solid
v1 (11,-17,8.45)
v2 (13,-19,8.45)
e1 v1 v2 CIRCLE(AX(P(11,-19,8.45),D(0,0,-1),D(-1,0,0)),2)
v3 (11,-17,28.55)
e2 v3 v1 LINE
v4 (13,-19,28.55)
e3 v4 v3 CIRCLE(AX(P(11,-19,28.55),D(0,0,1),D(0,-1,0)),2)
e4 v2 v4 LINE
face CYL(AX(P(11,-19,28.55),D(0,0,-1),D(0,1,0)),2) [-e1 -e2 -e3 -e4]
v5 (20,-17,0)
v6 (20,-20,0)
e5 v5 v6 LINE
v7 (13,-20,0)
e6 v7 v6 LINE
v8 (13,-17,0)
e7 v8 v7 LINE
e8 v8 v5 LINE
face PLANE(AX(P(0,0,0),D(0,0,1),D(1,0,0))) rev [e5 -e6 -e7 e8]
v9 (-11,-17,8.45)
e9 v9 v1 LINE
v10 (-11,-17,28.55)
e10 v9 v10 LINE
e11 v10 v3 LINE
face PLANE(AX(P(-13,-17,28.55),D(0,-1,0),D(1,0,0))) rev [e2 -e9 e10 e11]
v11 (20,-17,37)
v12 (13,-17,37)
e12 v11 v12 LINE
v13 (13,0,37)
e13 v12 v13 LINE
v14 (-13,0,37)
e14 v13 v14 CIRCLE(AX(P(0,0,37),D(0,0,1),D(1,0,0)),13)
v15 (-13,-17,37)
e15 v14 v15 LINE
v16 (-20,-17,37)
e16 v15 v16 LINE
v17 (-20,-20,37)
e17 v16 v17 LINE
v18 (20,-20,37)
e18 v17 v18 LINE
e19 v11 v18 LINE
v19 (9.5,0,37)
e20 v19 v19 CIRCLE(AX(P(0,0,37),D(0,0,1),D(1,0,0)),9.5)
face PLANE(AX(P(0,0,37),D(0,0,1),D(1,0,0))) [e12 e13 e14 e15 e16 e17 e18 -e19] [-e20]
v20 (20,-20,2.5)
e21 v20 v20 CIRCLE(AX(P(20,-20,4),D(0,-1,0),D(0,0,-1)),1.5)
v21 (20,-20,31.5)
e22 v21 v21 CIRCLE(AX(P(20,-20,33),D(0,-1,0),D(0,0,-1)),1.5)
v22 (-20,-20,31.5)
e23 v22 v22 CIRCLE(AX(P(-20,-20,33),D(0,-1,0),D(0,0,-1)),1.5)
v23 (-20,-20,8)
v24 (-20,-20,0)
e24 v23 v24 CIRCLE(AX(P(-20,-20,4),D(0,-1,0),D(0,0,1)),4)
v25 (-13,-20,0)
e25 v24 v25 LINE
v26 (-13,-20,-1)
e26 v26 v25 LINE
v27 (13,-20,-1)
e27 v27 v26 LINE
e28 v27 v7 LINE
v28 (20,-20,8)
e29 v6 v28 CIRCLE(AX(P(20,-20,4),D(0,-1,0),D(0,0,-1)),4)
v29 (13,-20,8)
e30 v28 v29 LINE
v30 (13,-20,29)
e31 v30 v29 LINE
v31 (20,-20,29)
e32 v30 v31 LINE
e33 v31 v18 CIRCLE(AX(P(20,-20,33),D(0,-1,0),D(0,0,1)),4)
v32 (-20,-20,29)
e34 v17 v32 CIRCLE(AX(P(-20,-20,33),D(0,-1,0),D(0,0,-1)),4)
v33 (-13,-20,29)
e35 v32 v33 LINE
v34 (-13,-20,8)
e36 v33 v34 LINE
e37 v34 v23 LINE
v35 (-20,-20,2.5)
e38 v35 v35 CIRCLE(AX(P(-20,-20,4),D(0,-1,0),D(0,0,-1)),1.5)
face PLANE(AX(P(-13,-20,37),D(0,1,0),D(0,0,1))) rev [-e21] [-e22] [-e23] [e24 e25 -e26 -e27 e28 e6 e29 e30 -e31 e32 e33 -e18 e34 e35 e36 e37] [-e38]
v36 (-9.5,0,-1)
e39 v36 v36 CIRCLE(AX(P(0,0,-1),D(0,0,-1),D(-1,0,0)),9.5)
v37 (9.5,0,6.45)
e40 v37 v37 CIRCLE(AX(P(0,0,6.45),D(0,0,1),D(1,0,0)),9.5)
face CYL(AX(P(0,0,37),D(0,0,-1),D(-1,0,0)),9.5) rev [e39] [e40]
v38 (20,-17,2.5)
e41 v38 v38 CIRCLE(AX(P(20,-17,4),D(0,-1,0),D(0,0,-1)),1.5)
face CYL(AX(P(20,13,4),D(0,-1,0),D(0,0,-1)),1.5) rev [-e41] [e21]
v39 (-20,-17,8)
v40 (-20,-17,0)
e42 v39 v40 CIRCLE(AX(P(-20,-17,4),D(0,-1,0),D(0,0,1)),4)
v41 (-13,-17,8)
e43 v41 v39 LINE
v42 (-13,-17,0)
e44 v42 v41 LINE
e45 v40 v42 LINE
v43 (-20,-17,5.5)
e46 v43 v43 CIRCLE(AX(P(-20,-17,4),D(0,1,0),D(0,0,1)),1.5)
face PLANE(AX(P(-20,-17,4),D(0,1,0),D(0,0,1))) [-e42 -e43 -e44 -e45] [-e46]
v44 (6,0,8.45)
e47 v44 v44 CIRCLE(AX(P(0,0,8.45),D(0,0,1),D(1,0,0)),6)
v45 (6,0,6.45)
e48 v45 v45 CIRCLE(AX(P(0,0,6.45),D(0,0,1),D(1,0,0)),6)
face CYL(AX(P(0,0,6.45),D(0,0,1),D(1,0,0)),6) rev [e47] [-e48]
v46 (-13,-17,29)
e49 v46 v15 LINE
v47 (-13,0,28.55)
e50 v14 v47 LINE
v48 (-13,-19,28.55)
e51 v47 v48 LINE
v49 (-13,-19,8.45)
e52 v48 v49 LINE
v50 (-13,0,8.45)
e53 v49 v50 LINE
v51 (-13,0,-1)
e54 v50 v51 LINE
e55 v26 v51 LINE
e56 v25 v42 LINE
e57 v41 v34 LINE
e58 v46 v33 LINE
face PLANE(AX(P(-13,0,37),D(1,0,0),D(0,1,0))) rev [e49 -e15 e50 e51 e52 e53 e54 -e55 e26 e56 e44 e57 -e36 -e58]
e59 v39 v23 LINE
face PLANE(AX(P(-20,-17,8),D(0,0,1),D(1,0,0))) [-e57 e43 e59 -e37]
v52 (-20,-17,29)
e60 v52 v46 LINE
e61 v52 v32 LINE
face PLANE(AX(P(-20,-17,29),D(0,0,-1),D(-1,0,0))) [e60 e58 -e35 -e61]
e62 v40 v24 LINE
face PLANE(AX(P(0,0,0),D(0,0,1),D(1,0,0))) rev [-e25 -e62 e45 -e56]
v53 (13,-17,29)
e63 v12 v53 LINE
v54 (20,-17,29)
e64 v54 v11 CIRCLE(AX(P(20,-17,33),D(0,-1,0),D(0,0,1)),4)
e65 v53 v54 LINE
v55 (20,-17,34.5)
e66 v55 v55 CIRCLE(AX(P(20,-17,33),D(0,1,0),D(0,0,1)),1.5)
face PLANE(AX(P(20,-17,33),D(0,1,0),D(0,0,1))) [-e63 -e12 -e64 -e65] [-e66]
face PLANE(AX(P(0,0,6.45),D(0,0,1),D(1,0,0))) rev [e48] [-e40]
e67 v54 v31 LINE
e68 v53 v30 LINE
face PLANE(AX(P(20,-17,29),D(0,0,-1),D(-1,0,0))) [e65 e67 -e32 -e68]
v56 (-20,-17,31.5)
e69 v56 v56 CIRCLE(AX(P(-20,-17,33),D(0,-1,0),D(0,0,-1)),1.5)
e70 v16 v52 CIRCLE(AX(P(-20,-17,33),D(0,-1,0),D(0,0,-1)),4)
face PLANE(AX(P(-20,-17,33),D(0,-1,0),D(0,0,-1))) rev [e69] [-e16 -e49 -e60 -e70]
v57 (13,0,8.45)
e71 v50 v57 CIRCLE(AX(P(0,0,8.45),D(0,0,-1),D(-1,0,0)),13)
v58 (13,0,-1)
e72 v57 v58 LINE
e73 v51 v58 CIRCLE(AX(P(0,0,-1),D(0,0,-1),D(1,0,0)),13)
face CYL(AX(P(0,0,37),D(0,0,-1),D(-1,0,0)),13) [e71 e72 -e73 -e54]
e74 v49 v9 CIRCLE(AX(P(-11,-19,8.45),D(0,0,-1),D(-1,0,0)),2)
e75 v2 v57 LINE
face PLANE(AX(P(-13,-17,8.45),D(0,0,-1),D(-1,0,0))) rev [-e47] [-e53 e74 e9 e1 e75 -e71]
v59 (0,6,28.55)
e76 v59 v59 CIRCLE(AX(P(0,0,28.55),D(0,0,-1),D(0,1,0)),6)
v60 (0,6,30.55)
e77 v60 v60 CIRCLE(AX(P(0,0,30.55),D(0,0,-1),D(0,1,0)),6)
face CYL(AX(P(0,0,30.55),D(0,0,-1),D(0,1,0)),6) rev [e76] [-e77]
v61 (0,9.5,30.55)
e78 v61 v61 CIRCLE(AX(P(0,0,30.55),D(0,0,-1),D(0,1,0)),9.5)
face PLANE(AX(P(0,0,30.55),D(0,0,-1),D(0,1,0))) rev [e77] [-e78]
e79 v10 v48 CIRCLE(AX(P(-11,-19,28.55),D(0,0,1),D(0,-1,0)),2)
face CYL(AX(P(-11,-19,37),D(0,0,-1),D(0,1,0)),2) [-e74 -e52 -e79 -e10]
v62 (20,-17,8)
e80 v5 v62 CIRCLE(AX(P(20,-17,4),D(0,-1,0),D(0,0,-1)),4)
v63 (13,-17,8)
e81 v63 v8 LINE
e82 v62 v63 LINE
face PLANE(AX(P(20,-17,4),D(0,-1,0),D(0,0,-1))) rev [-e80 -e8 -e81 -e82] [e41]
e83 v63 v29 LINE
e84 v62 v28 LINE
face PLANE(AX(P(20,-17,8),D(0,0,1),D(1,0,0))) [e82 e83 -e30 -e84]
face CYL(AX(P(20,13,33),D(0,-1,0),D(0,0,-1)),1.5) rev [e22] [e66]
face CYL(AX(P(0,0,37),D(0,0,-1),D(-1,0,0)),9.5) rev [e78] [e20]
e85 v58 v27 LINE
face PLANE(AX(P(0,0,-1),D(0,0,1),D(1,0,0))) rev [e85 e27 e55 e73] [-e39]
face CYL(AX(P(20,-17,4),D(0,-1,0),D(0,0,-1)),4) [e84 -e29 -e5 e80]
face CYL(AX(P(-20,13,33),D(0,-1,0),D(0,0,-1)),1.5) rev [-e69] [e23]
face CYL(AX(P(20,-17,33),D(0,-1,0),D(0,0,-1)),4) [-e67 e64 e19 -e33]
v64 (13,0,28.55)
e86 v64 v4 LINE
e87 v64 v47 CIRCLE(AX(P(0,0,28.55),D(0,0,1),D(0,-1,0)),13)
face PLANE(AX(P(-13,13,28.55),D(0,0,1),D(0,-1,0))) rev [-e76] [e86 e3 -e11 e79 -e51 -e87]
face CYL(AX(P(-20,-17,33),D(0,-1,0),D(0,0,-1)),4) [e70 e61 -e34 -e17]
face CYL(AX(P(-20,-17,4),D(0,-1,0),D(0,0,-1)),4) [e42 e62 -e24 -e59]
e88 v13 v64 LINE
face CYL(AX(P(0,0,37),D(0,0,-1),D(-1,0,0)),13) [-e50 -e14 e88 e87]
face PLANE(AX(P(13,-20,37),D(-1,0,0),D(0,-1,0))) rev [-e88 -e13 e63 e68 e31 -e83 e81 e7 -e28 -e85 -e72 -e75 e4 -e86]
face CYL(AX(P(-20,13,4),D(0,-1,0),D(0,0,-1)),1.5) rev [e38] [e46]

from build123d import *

# Parameters (mm, degrees)
CROQUIS1_R              = 9.5
SALIENTE_EXTRUIR1_DEPTH = 37
CROQUIS2_W              = 20.1
CROQUIS2_H              = 30
CORTAR_EXTRUIR2_DEPTH   = 50.44694126
CROQUIS3_R              = 9.5
CROQUIS3_R_2            = 6
SALIENTE_EXTRUIR2_DEPTH = 2
SALIENTE_EXTRUIR3_START = -2
CROQUIS4_R              = 9.5
CROQUIS4_R_2            = 6
SALIENTE_EXTRUIR3_DEPTH = 2
SALIENTE_EXTRUIR4_DEPTH = 3
CROQUIS6_R              = 1.5
CORTAR_EXTRUIR3_DEPTH   = 56.081757416
REDONDEO3_R             = 2
SALIENTE_EXTRUIR6_START = 1
CROQUIS9_R              = 9.5
SALIENTE_EXTRUIR6_DEPTH = 1


with BuildPart() as part:
    # Croquis1 → Saliente-Extruir1 (new body)
    with BuildSketch(Plane.XY):
        with BuildLine():
            Line((-13, 0), (-13, -20))
            Line((-13, -20), (13, -20))
            Line((13, -20), (13, 0))
            ThreePointArc((13, 0), (0, 13), (-13, 0))
        make_face()
        Circle(CROQUIS1_R, mode=Mode.SUBTRACT)
    extrude(amount=SALIENTE_EXTRUIR1_DEPTH)

    # Croquis2 → Cortar-Extruir2 (cut, through all)
    with BuildSketch(Plane(origin=(13, 0, 0), x_dir=(0, 0, -1), z_dir=(1, 0, 0))):
        with Locations((-18.5, -2)):
            Rectangle(CROQUIS2_W, CROQUIS2_H)
    extrude(amount=-CORTAR_EXTRUIR2_DEPTH, mode=Mode.SUBTRACT)

    # Croquis3 → Saliente-Extruir2 (add)
    with BuildSketch(Plane(origin=(0, 0, 28.55), x_dir=(-1, 0, 0), z_dir=(0, 0, -1))):
        with Locations(Location((0, 0, 0), (0, 0, 90))):
            Circle(CROQUIS3_R)
        with Locations(Location((0, 0, 0), (0, 0, 90))):
            Circle(CROQUIS3_R_2, mode=Mode.SUBTRACT)
    extrude(amount=-SALIENTE_EXTRUIR2_DEPTH)

    # Croquis4 → Saliente-Extruir3 (add)
    with BuildSketch(Plane.XY.offset(8.45).offset(SALIENTE_EXTRUIR3_START)):
        Circle(CROQUIS4_R)
        with Locations(Location((0, 0, 0), (0, 0, 90))):
            Circle(CROQUIS4_R_2, mode=Mode.SUBTRACT)
    extrude(amount=SALIENTE_EXTRUIR3_DEPTH)

    # Croquis5 → Saliente-Extruir4 (add)
    with BuildSketch(Plane.XZ.offset(20)):
        with BuildLine():
            Line((13, 37), (20, 37))
            ThreePointArc((20, 37), (24, 33), (20, 29))
            Line((20, 29), (13, 29))
            Line((13, 29), (13, 37))
        make_face()
        with BuildLine():
            Line((13, 0), (20, 0))
            ThreePointArc((20, 0), (24, 4), (20, 8))
            Line((20, 8), (13, 8))
            Line((13, 8), (13, 0))
        make_face()
        with BuildLine():
            Line((-13, 0), (-20, 0))
            ThreePointArc((-20, 0), (-24, 4), (-20, 8))
            Line((-20, 8), (-13, 8))
            Line((-13, 8), (-13, 0))
        make_face()
        with BuildLine():
            Line((-13, 29), (-13, 37))
            Line((-13, 37), (-20, 37))
            ThreePointArc((-20, 37), (-24, 33), (-20, 29))
            Line((-20, 29), (-13, 29))
        make_face()
    extrude(amount=-SALIENTE_EXTRUIR4_DEPTH)

    # Croquis6 → Cortar-Extruir3 (cut, through all)
    with BuildSketch(Plane.XZ.offset(20)):
        with Locations(Location((-20, 33, 0), (0, 0, 270))):
            Circle(CROQUIS6_R)
        with Locations(Location((20, 33, 0), (0, 0, 270))):
            Circle(CROQUIS6_R)
        with Locations(Location((-20, 4, 0), (0, 0, 270))):
            Circle(CROQUIS6_R)
        with Locations(Location((20, 4, 0), (0, 0, 270))):
            Circle(CROQUIS6_R)
    extrude(amount=-CORTAR_EXTRUIR3_DEPTH, mode=Mode.SUBTRACT)

    # Redondeo3
    redondeo3_edges = [part.edges().sort_by_distance(p)[0] for p in [
        (-13, -17, 18.5),
        (13, -17, 18.5),
    ]]
    fillet(redondeo3_edges, radius=REDONDEO3_R)

    # Croquis9 → Saliente-Extruir6 (add)
    with BuildSketch(Plane(origin=(0, 0, 0), x_dir=(-1, 0, 0), z_dir=(0, 0, -1)).offset(SALIENTE_EXTRUIR6_START)):
        with BuildLine():
            Line((-13, -17), (-13, 0))
            ThreePointArc((-13, 0), (0, 13), (13, 0))
            Line((13, 0), (13, -20))
            Line((13, -20), (-13, -20))
            Line((-13, -20), (-13, -17))
        make_face()
        Circle(CROQUIS9_R, mode=Mode.SUBTRACT)
    extrude(amount=-SALIENTE_EXTRUIR6_DEPTH)


solid = part.part
